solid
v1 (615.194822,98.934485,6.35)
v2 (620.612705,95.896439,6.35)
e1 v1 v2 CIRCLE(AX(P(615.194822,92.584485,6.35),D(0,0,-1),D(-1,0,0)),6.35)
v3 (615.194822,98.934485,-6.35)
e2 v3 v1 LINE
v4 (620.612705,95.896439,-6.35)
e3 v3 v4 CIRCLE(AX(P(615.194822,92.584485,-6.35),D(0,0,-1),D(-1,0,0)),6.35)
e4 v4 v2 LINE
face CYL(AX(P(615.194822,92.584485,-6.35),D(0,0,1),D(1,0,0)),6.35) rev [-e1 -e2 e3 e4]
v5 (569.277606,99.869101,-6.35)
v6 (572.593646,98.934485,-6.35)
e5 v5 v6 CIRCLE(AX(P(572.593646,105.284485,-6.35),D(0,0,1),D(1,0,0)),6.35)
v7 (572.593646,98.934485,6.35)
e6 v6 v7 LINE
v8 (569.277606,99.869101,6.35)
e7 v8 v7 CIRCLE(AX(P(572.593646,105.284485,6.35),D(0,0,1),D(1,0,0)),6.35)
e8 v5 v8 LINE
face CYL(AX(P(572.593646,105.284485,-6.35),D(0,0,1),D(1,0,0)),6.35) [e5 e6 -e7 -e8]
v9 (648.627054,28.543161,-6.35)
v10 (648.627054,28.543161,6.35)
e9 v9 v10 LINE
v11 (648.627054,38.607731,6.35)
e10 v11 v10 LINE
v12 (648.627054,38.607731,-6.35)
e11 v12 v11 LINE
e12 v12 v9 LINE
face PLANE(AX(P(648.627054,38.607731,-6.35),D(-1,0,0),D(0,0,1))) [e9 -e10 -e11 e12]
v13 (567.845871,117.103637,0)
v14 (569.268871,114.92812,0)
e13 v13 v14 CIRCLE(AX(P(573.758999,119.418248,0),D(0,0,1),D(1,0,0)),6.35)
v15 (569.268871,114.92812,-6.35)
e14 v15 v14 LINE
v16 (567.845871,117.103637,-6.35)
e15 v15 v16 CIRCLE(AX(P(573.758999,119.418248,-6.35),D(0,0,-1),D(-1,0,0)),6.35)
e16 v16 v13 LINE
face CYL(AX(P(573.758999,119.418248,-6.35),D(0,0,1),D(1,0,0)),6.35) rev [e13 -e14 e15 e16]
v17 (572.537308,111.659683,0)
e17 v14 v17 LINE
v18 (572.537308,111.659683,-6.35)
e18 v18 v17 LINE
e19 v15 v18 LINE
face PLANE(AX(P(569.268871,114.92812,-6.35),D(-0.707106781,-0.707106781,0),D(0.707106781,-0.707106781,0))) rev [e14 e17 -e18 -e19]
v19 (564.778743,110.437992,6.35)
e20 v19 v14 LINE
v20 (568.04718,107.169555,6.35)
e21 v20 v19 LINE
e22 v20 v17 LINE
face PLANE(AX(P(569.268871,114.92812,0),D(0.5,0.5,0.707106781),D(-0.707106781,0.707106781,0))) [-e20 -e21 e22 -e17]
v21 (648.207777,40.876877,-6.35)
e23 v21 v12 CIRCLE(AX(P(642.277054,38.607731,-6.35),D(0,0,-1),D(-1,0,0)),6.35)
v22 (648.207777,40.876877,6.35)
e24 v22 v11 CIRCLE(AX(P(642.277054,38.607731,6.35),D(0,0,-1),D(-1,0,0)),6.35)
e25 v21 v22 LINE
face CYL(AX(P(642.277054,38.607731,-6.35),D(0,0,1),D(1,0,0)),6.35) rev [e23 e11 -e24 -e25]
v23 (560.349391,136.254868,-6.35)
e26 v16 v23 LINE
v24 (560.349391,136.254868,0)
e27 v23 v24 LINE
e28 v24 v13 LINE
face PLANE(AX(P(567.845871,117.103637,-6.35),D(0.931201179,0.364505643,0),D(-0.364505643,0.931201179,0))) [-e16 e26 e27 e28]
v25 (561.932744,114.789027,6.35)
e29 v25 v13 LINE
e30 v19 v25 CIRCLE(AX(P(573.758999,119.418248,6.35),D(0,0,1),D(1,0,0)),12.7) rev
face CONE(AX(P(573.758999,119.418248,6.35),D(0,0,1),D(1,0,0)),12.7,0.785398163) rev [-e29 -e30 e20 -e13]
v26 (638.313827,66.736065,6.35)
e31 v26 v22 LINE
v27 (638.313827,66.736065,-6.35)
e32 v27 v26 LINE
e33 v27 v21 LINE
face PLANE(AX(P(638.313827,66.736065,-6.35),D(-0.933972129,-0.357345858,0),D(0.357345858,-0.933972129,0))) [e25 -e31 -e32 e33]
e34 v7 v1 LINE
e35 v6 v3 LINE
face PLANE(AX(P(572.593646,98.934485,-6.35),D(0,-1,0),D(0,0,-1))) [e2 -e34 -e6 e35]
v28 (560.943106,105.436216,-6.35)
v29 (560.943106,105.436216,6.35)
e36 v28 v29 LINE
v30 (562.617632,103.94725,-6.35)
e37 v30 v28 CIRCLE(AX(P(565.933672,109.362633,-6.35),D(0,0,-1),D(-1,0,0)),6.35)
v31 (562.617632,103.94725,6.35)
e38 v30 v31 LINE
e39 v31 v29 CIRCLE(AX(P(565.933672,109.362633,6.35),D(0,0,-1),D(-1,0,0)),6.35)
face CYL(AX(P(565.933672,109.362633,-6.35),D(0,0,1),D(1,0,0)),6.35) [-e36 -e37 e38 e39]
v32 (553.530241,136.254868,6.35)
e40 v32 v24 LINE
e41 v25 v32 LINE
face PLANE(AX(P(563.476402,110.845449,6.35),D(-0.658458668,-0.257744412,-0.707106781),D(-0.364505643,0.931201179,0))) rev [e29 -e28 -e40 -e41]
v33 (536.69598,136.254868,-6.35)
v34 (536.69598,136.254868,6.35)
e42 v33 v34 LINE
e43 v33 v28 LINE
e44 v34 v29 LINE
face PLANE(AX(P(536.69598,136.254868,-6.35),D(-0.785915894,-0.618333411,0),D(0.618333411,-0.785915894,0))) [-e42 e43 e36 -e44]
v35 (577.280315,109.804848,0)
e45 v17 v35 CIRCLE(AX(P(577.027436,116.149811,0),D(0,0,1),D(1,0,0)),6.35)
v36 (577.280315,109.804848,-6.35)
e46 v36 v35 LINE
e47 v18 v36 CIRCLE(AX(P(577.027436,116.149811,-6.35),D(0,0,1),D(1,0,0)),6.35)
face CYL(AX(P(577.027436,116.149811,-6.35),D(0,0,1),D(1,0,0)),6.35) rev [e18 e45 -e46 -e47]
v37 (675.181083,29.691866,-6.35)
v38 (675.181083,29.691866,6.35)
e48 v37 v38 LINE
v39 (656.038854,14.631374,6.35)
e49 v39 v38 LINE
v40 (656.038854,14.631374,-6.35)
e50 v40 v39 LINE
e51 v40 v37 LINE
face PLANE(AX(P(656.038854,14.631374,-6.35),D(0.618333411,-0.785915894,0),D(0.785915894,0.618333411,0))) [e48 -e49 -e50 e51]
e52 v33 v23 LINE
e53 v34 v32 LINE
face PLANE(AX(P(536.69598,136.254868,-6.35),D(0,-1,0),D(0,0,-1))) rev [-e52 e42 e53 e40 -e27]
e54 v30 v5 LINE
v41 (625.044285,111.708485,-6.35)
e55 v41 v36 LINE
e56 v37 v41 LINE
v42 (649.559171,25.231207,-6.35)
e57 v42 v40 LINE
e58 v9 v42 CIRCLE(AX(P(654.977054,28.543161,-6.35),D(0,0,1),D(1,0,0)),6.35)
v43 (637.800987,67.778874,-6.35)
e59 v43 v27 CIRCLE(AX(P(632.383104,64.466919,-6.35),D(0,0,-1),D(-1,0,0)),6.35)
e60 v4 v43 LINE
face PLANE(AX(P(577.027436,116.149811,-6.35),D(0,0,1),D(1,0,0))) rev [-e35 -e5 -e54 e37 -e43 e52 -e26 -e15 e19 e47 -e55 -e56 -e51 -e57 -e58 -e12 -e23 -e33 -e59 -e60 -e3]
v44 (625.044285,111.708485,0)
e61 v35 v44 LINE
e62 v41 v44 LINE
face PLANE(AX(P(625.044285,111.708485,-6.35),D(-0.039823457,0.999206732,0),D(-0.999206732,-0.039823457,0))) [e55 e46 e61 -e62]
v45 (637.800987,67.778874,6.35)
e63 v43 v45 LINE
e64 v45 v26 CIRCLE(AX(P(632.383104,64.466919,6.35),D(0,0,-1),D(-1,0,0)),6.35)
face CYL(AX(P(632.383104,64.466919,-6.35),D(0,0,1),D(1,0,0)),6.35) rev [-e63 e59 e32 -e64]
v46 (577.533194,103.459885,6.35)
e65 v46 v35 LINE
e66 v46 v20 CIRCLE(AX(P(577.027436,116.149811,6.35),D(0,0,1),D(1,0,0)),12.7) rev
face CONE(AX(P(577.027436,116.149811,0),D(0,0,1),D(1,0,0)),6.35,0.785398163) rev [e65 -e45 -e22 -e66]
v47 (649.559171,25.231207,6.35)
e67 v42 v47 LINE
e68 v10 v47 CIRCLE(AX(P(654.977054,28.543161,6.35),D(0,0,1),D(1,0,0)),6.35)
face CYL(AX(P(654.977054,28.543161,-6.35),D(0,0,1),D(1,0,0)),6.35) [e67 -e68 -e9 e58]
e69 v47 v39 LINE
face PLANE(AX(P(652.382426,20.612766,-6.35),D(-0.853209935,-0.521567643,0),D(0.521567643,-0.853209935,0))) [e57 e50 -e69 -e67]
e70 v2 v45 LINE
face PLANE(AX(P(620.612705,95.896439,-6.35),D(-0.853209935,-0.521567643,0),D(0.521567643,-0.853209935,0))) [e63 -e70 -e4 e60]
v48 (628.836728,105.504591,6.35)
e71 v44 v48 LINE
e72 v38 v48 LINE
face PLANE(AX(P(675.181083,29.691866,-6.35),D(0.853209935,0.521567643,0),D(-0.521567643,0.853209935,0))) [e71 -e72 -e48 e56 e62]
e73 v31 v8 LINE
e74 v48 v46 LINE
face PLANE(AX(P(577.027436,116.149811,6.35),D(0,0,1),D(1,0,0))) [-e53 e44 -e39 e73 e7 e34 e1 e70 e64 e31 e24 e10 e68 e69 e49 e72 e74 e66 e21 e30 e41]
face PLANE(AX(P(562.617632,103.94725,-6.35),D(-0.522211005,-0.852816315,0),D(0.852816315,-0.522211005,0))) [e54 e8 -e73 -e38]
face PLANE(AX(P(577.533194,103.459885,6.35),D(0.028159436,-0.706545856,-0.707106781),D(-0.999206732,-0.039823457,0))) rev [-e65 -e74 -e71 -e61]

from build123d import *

# Parameters (mm, degrees)
BOSS_EXTRUDE1_DEPTH      = 6.35
BOSS_EXTRUDE1_DEPTH_BACK = 6.35
CHAMFER1_SIZE            = 6.35


with BuildPart() as part:
    # Sketch1 → Boss-Extrude1 (new, two sides: drawn at the far end of the back side and taken through both)
    with BuildSketch(Plane.XY.offset(-BOSS_EXTRUDE1_DEPTH_BACK)):
        with BuildLine():
            Line((536.695979739, 136.254867707), (560.943105898, 105.436216324))
            ThreePointArc((560.943105898, 105.436216324), (561.714171823, 104.617286319), (562.617631945, 103.947249887))
            Line((562.617631945, 103.947249887), (569.277605982, 99.869101199))
            ThreePointArc((569.277605982, 99.869101199), (570.871029516, 99.172603505), (572.593645863, 98.934484797))
            Line((572.593645863, 98.934484797), (615.194822187, 98.934484797))
            ThreePointArc((615.194822187, 98.934484797), (618.300590104, 98.123140378), (620.612705276, 95.896439332))
            Line((620.612705276, 95.896439332), (637.800986726, 67.778873585))
            ThreePointArc((637.800986726, 67.778873585), (638.081311904, 67.269225698), (638.313826657, 66.736065249))
            Line((638.313826657, 66.736065249), (648.207776972, 40.876876924))
            ThreePointArc((648.207776972, 40.876876924), (648.521355002, 39.761509046), (648.627053953, 38.607730725))
            Line((648.627053953, 38.607730725), (648.627053953, 28.543161139))
            ThreePointArc((648.627053953, 28.543161139), (648.864523478, 26.822849773), (649.559170865, 25.231206604))
            Line((649.559170865, 25.231206604), (652.382425554, 20.612766444))
            Line((652.382425554, 20.612766444), (656.038853698, 14.631373886))
            Line((656.038853698, 14.631373886), (675.181083361, 29.691866048))
            Line((675.181083361, 29.691866048), (625.044285009, 111.708484642))
            Line((625.044285009, 111.708484642), (577.280315143, 109.804848162))
            ThreePointArc((577.280315143, 109.804848162), (574.71471638, 110.235943554), (572.537308132, 111.659682846))
            Line((572.537308132, 111.659682846), (569.268870721, 114.928120257))
            ThreePointArc((569.268870721, 114.928120257), (568.444852538, 115.94228087), (567.845871294, 117.103637483))
            Line((567.845871294, 117.103637483), (560.349390782, 136.254867707))
            Line((560.349390782, 136.254867707), (536.695979739, 136.254867707))
        make_face()
    extrude(amount=BOSS_EXTRUDE1_DEPTH + BOSS_EXTRUDE1_DEPTH_BACK)

    # Chamfer1
    chamfer1_edges = [part.edges().sort_by_distance(p)[0] for p in [
        (574.71471638, 110.235943554, 6.35),
        (570.903089427, 113.293901552, 6.35),
        (601.162300076, 110.756666402, 6.35),
        (568.444852538, 115.94228087, 6.35),
        (564.097631038, 126.679252595, 6.35),
    ]]
    chamfer(chamfer1_edges, length=CHAMFER1_SIZE)


solid = part.part
